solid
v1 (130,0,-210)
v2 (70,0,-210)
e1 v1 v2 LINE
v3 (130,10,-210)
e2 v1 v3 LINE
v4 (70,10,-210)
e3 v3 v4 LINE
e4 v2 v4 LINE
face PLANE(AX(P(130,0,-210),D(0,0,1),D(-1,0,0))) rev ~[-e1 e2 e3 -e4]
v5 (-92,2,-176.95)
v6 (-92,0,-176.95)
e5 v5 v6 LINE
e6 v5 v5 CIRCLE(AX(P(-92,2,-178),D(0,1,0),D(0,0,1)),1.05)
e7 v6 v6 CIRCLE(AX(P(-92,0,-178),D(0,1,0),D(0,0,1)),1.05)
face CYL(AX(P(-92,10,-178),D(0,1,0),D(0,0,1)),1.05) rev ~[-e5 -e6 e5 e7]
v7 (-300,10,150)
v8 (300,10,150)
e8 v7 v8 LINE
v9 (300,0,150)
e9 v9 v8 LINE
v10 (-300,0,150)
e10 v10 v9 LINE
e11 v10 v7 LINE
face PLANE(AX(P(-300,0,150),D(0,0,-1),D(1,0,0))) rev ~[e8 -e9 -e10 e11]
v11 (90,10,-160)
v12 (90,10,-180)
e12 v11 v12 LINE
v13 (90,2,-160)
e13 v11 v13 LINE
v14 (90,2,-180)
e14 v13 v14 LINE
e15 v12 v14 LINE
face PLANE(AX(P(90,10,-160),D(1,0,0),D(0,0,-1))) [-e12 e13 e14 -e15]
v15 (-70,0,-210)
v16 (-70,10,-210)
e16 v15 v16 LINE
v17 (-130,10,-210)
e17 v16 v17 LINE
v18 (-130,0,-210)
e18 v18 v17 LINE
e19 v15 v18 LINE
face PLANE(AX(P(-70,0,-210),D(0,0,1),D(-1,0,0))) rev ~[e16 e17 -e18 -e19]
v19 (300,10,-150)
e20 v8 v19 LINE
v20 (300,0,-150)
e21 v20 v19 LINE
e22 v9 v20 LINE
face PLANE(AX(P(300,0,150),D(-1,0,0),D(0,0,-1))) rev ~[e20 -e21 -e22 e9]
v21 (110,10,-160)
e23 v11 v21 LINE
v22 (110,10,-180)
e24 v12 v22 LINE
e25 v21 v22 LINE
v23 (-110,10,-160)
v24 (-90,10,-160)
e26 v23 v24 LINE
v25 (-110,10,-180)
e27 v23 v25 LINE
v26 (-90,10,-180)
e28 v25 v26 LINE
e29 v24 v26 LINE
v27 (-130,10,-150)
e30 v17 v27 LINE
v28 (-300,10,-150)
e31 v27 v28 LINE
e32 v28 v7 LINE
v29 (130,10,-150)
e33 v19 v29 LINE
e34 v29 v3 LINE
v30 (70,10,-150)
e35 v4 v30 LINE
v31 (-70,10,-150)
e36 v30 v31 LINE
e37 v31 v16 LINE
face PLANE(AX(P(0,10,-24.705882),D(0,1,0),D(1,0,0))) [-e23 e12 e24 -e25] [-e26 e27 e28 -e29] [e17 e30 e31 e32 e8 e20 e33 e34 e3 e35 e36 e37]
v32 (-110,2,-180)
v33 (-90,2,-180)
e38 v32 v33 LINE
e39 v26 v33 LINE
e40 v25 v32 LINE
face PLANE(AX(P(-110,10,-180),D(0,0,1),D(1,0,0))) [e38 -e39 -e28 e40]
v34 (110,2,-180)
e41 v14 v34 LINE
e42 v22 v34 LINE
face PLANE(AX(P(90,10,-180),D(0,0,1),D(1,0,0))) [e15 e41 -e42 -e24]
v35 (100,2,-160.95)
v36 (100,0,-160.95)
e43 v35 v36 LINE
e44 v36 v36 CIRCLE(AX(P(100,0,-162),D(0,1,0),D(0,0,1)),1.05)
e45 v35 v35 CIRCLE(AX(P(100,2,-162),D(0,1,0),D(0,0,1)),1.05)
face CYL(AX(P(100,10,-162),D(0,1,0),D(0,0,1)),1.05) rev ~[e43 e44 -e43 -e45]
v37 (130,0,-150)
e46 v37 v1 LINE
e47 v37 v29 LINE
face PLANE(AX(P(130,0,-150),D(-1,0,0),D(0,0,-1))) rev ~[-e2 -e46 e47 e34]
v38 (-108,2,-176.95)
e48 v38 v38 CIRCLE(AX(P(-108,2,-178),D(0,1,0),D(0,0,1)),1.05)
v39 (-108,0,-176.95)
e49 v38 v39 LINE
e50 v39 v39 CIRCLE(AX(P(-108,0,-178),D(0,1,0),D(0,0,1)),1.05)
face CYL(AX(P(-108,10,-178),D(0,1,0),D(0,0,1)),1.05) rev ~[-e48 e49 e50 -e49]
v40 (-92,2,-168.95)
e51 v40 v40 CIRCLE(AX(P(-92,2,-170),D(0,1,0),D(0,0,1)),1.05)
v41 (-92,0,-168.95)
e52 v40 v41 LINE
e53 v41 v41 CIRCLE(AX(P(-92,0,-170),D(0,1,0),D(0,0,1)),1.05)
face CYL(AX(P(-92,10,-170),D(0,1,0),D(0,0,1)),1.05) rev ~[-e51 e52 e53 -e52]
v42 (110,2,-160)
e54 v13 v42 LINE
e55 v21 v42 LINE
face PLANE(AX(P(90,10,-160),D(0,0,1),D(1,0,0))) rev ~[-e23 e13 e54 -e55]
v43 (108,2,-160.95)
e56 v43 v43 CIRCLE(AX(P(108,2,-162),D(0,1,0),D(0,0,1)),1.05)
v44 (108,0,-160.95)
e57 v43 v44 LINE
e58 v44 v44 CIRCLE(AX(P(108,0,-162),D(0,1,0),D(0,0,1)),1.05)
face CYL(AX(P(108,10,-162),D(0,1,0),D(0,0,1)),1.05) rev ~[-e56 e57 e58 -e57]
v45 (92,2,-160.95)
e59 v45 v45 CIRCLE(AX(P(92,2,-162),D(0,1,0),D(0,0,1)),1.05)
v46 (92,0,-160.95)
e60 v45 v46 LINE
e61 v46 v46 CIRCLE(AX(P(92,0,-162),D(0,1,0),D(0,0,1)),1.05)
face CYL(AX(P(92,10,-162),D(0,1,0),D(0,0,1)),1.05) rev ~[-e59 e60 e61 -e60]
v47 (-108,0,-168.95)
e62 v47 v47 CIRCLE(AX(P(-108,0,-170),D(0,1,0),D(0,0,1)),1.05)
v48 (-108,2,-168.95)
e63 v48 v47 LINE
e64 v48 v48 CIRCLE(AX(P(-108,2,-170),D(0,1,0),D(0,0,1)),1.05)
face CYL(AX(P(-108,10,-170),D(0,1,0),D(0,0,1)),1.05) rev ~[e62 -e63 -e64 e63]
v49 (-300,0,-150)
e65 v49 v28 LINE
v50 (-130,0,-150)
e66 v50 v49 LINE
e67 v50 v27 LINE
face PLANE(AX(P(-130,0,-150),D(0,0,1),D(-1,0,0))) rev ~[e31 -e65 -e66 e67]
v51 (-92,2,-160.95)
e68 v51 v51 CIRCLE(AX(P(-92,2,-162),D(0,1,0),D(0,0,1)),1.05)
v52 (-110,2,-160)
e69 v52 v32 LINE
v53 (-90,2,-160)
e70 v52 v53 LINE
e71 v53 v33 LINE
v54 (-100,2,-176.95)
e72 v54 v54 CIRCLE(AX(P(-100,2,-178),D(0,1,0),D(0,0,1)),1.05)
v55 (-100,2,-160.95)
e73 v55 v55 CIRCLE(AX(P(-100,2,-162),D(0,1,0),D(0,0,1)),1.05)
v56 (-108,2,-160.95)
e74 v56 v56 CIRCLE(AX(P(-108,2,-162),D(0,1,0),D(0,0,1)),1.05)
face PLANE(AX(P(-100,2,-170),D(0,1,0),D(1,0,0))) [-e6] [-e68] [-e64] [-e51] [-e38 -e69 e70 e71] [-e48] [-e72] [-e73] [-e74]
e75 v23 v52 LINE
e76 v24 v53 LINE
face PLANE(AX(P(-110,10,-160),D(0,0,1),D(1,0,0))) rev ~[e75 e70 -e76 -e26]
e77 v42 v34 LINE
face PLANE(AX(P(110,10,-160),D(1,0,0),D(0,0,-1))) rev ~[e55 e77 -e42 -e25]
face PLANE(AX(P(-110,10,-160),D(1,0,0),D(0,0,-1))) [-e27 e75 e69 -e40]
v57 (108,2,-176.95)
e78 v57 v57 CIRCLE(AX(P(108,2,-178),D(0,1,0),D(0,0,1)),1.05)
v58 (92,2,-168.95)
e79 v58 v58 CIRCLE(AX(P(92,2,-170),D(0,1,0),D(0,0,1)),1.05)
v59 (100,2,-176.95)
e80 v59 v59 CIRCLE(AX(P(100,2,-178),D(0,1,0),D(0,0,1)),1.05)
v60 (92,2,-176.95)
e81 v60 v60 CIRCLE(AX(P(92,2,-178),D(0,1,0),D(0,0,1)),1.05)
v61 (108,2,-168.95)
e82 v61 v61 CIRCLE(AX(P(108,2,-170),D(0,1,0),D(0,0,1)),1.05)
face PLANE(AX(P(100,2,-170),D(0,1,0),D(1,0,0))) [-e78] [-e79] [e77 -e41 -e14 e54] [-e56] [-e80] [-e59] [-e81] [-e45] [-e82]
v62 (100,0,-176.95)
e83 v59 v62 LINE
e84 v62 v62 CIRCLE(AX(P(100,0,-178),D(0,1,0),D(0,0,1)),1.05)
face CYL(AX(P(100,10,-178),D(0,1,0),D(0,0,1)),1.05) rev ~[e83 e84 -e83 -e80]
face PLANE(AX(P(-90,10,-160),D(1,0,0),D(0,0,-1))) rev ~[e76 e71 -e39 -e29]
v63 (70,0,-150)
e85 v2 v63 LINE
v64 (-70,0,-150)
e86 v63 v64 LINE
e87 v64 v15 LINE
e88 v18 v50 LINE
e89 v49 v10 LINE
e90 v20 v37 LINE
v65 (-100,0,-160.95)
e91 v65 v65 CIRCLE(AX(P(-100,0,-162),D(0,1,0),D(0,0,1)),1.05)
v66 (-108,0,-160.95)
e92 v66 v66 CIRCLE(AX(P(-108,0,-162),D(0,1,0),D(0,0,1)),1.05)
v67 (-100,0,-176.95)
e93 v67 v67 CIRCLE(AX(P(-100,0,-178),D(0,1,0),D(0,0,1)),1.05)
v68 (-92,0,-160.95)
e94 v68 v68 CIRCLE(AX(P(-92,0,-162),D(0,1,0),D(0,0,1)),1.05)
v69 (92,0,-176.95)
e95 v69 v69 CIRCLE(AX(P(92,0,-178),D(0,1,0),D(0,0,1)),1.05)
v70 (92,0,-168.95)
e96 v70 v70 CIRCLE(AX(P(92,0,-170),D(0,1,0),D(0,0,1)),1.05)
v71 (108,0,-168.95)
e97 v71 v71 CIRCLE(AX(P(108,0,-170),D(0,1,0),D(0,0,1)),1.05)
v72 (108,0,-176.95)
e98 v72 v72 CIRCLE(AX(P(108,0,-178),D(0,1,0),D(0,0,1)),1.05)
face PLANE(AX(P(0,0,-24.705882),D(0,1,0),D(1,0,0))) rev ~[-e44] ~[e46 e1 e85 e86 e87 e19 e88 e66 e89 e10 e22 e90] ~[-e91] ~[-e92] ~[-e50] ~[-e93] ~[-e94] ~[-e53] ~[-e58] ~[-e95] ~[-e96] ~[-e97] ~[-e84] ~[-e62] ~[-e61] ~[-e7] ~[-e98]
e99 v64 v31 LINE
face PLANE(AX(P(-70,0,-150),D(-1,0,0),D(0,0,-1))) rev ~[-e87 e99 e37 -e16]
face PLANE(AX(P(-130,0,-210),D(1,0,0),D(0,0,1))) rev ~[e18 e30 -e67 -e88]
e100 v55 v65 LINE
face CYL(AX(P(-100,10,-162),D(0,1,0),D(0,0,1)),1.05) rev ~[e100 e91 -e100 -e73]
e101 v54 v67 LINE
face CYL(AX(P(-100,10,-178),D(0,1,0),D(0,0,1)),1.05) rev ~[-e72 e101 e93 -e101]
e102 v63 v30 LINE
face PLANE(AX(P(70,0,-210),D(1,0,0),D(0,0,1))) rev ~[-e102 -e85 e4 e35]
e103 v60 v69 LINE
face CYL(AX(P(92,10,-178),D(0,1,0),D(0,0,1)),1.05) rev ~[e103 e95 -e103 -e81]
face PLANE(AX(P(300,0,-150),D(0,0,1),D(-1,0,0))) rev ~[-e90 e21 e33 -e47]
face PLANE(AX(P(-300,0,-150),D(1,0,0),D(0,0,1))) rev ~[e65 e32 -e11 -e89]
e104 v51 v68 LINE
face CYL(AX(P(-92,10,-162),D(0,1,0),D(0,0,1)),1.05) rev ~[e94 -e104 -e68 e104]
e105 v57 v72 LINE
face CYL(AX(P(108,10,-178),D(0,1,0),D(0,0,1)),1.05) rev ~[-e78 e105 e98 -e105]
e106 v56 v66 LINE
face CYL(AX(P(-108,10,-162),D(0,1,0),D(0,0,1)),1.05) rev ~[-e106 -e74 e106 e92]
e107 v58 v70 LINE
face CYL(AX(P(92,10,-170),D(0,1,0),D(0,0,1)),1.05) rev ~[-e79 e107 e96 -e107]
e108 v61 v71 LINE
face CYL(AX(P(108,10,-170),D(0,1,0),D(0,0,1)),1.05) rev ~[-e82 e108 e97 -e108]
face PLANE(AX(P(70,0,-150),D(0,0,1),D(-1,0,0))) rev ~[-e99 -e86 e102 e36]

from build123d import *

# Parameters (mm, degrees)
EXTRUDE_1_DEPTH     = 10
SKETCH_2_W          = 20
SKETCH_2_H          = 20
SKETCH_2_R          = 1.05
CUT_EXTRUDE_1_DEPTH = 8
SKETCH_2_4_R        = 1.05
CUT_EXTRUDE_3_DEPTH = 367.33318168


with BuildPart() as part:
    # 草圖1 → 填料-伸長1 (new body)
    with BuildSketch(Plane(origin=(0, 0, 0), x_dir=(1, 0, 0), z_dir=(0, 1, 0))):
        Polygon((-300, -150), (300, -150), (300, 150), (130, 150), (130, 210), (70, 210), (70, 150), (-70, 150), (-70, 210), (-130, 210), (-130, 150), (-300, 150), align=None)
    extrude(amount=EXTRUDE_1_DEPTH)

    # 草圖2 → 除料-伸長1 (cut)
    # profile 1 of 2: a face of its own
    with BuildSketch(Plane(origin=(0, 10, 0), x_dir=(1, 0, 0), z_dir=(0, 1, 0))):
        with Locations((-100, 170)):
            Rectangle(SKETCH_2_W, SKETCH_2_H)
        with Locations((-108, 162)):
            Circle(SKETCH_2_R, mode=Mode.SUBTRACT)
        with Locations((-100, 162)):
            Circle(SKETCH_2_R, mode=Mode.SUBTRACT)
        with Locations((-92, 162)):
            Circle(SKETCH_2_R, mode=Mode.SUBTRACT)
        with Locations((-108, 170)):
            Circle(SKETCH_2_R, mode=Mode.SUBTRACT)
        with Locations((-92, 170)):
            Circle(SKETCH_2_R, mode=Mode.SUBTRACT)
        with Locations((-108, 178)):
            Circle(SKETCH_2_R, mode=Mode.SUBTRACT)
        with Locations((-100, 178)):
            Circle(SKETCH_2_R, mode=Mode.SUBTRACT)
        with Locations((-92, 178)):
            Circle(SKETCH_2_R, mode=Mode.SUBTRACT)
    # profile 2 of 2: a face of its own
    with BuildSketch(Plane(origin=(0, 10, 0), x_dir=(1, 0, 0), z_dir=(0, 1, 0))):
        with Locations((100, 170)):
            Rectangle(SKETCH_2_W, SKETCH_2_H)
        with Locations((92, 162)):
            Circle(SKETCH_2_R, mode=Mode.SUBTRACT)
        with Locations((100, 162)):
            Circle(SKETCH_2_R, mode=Mode.SUBTRACT)
        with Locations((108, 162)):
            Circle(SKETCH_2_R, mode=Mode.SUBTRACT)
        with Locations((92, 170)):
            Circle(SKETCH_2_R, mode=Mode.SUBTRACT)
        with Locations((108, 170)):
            Circle(SKETCH_2_R, mode=Mode.SUBTRACT)
        with Locations((92, 178)):
            Circle(SKETCH_2_R, mode=Mode.SUBTRACT)
        with Locations((100, 178)):
            Circle(SKETCH_2_R, mode=Mode.SUBTRACT)
        with Locations((108, 178)):
            Circle(SKETCH_2_R, mode=Mode.SUBTRACT)
    extrude(amount=-CUT_EXTRUDE_1_DEPTH, mode=Mode.SUBTRACT)

    # 草圖2<4> → 除料-伸長3 (cut, through all)
    with BuildSketch(Plane(origin=(0, 10, 0), x_dir=(1, 0, 0), z_dir=(0, 1, 0))):
        with Locations((-108, 178)):
            Circle(SKETCH_2_4_R)
        with Locations((-92, 178)):
            Circle(SKETCH_2_4_R)
        with Locations((-92, 162)):
            Circle(SKETCH_2_4_R)
        with Locations((-108, 162)):
            Circle(SKETCH_2_4_R)
        with Locations((108, 162)):
            Circle(SKETCH_2_4_R)
        with Locations((92, 162)):
            Circle(SKETCH_2_4_R)
        with Locations((92, 178)):
            Circle(SKETCH_2_4_R)
        with Locations((108, 178)):
            Circle(SKETCH_2_4_R)
        with Locations((-100, 178)):
            Circle(SKETCH_2_4_R)
        with Locations((-100, 162)):
            Circle(SKETCH_2_4_R)
        with Locations((-108, 170)):
            Circle(SKETCH_2_4_R)
        with Locations((-92, 170)):
            Circle(SKETCH_2_4_R)
        with Locations((108, 170)):
            Circle(SKETCH_2_4_R)
        with Locations((100, 162)):
            Circle(SKETCH_2_4_R)
        with Locations((92, 170)):
            Circle(SKETCH_2_4_R)
        with Locations((100, 178)):
            Circle(SKETCH_2_4_R)
    extrude(amount=-CUT_EXTRUDE_3_DEPTH, mode=Mode.SUBTRACT)


solid = part.part
